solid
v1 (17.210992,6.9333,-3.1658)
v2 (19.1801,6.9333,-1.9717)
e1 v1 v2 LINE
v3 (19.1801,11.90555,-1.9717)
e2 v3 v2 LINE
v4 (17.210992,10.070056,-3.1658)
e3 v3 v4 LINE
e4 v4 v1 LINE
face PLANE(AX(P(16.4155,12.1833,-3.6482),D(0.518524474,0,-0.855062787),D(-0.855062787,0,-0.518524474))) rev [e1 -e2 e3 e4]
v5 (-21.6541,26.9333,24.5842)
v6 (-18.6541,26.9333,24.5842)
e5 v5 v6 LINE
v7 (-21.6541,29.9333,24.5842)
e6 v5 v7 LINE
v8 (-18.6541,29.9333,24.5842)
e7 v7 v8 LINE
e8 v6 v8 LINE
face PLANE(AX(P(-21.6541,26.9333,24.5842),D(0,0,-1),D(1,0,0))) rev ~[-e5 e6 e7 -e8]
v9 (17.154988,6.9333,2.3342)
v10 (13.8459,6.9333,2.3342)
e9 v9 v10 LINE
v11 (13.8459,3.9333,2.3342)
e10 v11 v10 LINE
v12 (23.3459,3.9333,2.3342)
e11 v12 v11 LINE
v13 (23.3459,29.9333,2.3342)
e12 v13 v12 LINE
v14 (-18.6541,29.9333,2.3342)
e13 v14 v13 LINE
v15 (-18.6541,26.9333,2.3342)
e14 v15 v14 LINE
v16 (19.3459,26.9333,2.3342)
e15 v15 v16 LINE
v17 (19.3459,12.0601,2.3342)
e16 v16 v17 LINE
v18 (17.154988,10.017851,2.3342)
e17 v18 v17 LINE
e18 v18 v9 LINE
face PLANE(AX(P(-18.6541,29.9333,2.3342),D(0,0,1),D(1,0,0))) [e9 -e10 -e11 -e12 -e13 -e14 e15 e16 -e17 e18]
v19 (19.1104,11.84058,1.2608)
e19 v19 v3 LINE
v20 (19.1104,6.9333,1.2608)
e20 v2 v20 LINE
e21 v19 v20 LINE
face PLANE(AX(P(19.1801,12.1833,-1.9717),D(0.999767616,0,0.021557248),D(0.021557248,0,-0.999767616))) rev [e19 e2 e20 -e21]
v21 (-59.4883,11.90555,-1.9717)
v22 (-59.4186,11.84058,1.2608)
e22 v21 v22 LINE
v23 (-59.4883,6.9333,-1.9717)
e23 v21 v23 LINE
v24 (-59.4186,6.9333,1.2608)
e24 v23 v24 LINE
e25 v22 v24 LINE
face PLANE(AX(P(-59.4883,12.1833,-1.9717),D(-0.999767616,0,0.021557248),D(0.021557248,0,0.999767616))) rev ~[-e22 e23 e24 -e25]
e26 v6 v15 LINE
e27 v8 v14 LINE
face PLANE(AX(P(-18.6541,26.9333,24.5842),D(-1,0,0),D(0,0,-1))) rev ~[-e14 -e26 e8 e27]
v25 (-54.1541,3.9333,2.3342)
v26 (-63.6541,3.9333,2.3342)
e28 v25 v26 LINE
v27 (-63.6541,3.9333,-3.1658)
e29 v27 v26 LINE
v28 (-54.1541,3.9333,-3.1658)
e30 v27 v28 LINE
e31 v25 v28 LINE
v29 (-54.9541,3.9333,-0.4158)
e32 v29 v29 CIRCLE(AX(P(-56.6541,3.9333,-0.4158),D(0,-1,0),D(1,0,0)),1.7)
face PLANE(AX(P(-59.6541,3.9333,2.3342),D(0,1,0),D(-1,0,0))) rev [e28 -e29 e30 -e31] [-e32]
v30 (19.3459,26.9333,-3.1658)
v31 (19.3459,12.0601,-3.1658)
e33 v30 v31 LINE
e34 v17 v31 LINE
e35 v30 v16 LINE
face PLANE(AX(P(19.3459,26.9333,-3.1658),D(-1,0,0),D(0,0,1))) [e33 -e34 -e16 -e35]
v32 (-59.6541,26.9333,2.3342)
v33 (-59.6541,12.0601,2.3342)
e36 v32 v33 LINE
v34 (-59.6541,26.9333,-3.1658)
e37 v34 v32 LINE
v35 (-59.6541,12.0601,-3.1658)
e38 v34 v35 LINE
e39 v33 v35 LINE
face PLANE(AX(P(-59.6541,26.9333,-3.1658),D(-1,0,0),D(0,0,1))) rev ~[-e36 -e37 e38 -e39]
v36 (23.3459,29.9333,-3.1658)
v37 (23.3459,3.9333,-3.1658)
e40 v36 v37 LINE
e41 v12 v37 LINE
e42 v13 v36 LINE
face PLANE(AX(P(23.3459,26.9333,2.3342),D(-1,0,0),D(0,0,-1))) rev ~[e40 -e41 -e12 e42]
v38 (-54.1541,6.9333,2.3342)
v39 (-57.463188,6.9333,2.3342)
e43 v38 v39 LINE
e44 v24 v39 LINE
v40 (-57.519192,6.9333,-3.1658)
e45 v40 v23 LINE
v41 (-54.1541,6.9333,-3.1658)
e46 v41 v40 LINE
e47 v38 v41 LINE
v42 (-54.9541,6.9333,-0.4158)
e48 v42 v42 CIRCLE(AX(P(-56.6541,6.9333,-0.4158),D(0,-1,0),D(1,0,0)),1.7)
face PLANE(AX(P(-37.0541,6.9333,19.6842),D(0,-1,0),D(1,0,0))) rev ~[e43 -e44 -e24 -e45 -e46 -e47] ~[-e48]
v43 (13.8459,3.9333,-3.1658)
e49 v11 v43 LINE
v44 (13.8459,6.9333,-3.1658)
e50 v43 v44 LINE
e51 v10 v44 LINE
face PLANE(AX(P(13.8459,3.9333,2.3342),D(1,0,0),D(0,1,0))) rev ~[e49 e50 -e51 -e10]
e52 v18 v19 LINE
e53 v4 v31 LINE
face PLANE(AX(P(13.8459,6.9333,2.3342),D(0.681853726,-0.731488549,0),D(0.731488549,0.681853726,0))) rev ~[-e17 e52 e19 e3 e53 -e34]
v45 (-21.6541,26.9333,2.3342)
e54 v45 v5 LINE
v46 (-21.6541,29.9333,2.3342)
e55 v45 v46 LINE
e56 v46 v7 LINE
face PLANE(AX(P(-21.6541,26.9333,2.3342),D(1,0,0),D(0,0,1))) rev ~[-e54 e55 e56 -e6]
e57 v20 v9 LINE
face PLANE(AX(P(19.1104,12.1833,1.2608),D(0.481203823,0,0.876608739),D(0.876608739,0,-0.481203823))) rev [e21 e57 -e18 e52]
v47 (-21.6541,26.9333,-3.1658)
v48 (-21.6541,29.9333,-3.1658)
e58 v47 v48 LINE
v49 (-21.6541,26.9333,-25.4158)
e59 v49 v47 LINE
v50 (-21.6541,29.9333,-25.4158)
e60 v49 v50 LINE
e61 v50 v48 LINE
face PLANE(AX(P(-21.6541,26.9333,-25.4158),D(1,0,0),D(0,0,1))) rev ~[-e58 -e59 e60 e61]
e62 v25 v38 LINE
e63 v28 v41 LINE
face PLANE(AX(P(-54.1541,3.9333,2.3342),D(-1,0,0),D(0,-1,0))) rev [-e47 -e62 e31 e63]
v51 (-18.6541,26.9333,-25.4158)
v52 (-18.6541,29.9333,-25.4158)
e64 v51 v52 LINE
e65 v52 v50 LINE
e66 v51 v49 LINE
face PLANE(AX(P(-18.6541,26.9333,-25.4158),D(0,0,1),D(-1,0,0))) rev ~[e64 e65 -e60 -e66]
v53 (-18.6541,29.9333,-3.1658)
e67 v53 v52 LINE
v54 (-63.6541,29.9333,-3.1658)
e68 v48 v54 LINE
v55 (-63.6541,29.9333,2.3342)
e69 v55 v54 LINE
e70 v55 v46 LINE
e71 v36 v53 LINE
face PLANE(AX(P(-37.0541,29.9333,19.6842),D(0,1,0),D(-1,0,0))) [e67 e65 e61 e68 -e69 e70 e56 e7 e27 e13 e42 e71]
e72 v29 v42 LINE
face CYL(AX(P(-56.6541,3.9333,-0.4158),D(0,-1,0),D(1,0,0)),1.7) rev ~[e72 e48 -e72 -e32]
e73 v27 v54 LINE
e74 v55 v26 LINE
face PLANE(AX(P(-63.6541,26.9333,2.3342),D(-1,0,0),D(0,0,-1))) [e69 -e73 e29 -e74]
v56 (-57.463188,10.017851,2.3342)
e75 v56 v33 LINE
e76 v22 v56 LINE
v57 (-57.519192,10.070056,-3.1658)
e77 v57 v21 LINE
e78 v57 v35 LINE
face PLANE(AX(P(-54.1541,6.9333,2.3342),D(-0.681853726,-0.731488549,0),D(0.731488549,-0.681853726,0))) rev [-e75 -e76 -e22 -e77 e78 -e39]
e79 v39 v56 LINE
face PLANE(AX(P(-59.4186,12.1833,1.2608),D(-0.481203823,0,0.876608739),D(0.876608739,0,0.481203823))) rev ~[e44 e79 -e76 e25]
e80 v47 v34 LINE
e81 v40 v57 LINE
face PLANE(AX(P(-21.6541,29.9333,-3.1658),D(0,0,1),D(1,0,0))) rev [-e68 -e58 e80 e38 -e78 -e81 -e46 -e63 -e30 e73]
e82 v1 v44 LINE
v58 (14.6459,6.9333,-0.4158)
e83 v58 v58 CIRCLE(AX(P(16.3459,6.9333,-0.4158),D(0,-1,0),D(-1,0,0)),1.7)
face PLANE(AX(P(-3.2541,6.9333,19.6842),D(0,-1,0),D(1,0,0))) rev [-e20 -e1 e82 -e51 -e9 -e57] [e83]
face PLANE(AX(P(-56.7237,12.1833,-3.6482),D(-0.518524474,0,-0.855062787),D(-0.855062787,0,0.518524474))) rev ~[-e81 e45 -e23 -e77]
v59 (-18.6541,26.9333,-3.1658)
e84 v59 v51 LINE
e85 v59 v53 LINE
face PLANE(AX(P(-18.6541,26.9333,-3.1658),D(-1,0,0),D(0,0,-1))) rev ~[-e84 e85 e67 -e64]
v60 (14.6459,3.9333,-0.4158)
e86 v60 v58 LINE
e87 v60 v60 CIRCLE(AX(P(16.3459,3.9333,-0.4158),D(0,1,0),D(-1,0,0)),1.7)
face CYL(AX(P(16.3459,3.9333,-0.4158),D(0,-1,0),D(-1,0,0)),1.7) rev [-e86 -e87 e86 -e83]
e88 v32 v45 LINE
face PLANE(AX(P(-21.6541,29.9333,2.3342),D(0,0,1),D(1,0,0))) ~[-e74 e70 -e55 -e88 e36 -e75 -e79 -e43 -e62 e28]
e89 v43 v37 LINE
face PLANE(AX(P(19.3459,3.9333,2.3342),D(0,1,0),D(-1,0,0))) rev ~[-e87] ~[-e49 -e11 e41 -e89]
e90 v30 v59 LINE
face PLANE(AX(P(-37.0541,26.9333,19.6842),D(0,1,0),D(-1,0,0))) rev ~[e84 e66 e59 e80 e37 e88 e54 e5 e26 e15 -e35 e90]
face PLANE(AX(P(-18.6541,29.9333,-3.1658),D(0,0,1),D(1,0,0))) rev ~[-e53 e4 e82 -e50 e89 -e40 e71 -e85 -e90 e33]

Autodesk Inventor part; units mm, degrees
ref_plane "YZ Plane" through (0, 0, 0) normal (1, 0, 0) x (0, 1, 0)
ref_plane "XZ Plane" through (0, 0, 0) normal (0, 1, 0) x (-1, 0, 0)
ref_plane "XY Plane" through (0, 0, 0) normal (0, 0, 1) x (1, 0, 0)
ref_plane "Work Plane1" through (-37.0541, 3.9333, 19.6842) normal (0, 1, 0) x (-1, 0, 0)
sketch "Sketch1" plane through (-37.0541, 3.9333, 19.6842) normal (0, 1, 0) x (-1, 0, 0)
  point P0 (-37.0541, -19.6842)
ref_plane "Work Plane2" through (-37.0541, 26.9333, 19.6842) normal (0, 1, 0) x (-1, 0, 0)
sketch "Sketch2" plane through (-37.0541, 26.9333, 19.6842) normal (0, 1, 0) x (-1, 0, 0)
  line L0 (-16.9, -6.2922) -> (-16.9, -34.5181) construction
  line L1 (-18.4, -45.1) -> (-15.4, -45.1)
  line L2 (-15.4, 4.9) -> (-18.4, 4.9)
  line L3 (-15.4, -45.1) -> (-16.9, -20.1) construction
  line L4 (-17.065, -17.35) -> (-18.4, 4.9) construction
  line L5 (26.6, -17.35) -> (-15.4, -17.35)
  line L6 (-16.735, -17.35) -> (-17.065, -17.35)
  line L7 (-18.4, -17.35) -> (-60.4, -17.35)
  line L8 (-18.4, 4.9) -> (-18.4, -17.35)
  line L9 (-18.4, -22.85) -> (-18.4, -45.1)
  line L10 (-15.4, -45.1) -> (-15.4, -22.85)
  line L11 (-15.4, -17.35) -> (-15.4, 4.9)
  line L12 (-15.4, -22.85) -> (26.6, -22.85)
  line L13 (-18.4, -45.1) -> (-17.065, -22.85) construction
  line L14 (-16.9, -20.1) -> (-15.4, 4.9) construction
  line L15 (-60.4, -22.85) -> (-18.4, -22.85)
  line L16 (-17.065, -22.85) -> (-16.735, -22.85)
  line L17 (-60.4, -17.35) -> (-60.4, -22.85)
  line L18 (26.6, -17.35) -> (26.6, -22.85)
  point P0 (-37.0541, -19.6842)
  point P1 (22.6, -17.35)
  point P2 (-56.4, -22.85)
  dimension "d3" = 3
  dimension "d4" = 50
  dimension "d5" = 42
  dimension "d6" = 42
extrude "Extrusion2" add sketch "Sketch2" along normal blind 3
sketch "Sketch3" plane through (-37.0541, 26.9333, 19.6842) normal (0, -1, 0) x (1, 0, 0)
  line L0 (60.4, -22.85) -> (18.4, -22.85) projected
  line L1 (18.4, -17.35) -> (60.4, -17.35) projected
  line L2 (60.4, -22.85) -> (56.4, -22.85)
  line L3 (56.4, -22.85) -> (56.4, -17.35)
  line L4 (56.4, -17.35) -> (60.4, -17.35)
  line L5 (60.4, -17.35) -> (60.4, -22.85)
  line L6 (-26.6, -22.85) -> (-26.6, -17.35) projected
  line L7 (-26.6, -17.35) -> (15.4, -17.35) projected
  line L8 (-26.6, -22.85) -> (-22.6, -22.85)
  line L9 (-22.6, -22.85) -> (-22.6, -17.35)
  line L10 (-22.6, -17.35) -> (-26.6, -17.35)
  line L11 (-26.6, -17.35) -> (-26.6, -22.85)
  point P0 (37.0541, -19.6842)
  dimension "d9" = 4
  dimension "d10" = 4
extrude "Extrusion3" add sketch "Sketch3" along normal blind 23
sketch "Sketch4" plane through (19.3459, 26.9333, -3.1658) normal (-1, 0, 0) x (0, 0, 1)
  line L0 (5.5, -23) -> (0, -23) projected
  line L1 (5.5, 0) -> (5.5, -23) projected
  line L2 (0, -23) -> (5.5, -23)
  line L3 (5.5, -23) -> (5.5, -19)
  line L4 (5.5, -19) -> (0, -19)
  line L5 (0, -19) -> (0, -23)
  point P0 (3.1658, -26.9333)
  dimension "d13" = 4
sketch "Sketch5" plane through (-18.6541, 29.9333, 2.3342) normal (0, 0, 1) x (1, 0, 0)
  line L0 (38, -3) -> (38, -26) projected
  line L1 (38, -26) -> (32.5, -26)
  line L2 (32.5, -26) -> (32.5, -23)
  line L3 (32.5, -23) -> (38, -17.8732)
  point P0 (18.6541, -29.9333)
  dimension "d14" = 5.5
  dimension "d15" = 3
extrude "Extrusion4" add sketch "Sketch5" against normal up to surface (5.5 mm away)
ref_plane "Work Plane3" through (-20.1541, 26.9333, 2.3342) normal (1, 0, 0) x (0, 0, -1)
mirror "Mirror1" about plane through (-20.1541, 26.9333, 2.3342) normal (1, 0, 0) of "Extrusion4"
ref_plane "Work Plane4" through (-37.0541, 12.1833, 19.6842) normal (0, -1, 0) x (1, 0, 0)
sketch "Sketch6" plane through (-37.0541, 12.1833, 19.6842) normal (0, -1, 0) x (1, 0, 0)
  circle A0 centre (53.4, -20.1) radius 1.7 projected
  circle A1 centre (-19.6, -20.1) radius 1.7 projected
  line L0 (-16.8355, -21.7765) -> (-19.6696, -23.3324)
  line L1 (-19.6696, -23.3324) -> (-22.4342, -21.6559)
  line L2 (-22.4342, -21.6559) -> (-22.3645, -18.4234)
  line L3 (-22.3645, -18.4234) -> (-19.5303, -16.8676)
  line L4 (-19.5303, -16.8676) -> (-16.7658, -18.5441)
  line L5 (-16.7658, -18.5441) -> (-16.8355, -21.7765)
  line L6 (-19.6696, -23.3324) -> (-15.5487, -23.3324)
  line L7 (-15.5487, -23.3324) -> (-15.5487, -16.0828)
  line L8 (-15.5487, -16.0828) -> (-19.5303, -16.8676)
  point P0 (37.0541, -19.6842)
  dimension "d19" = 5.6
extrude "Extrusion5" cut sketch "Sketch6" along normal blind 5.25 contours A1 | L5 L4 L8 L7 L6 L0 | L0 L1 L2 L3 L4 L5
sketch "Sketch7" plane through (-37.0541, 3.9333, 19.6842) normal (0, -1, 0) x (1, 0, 0)
  circle A0 centre (-19.6, -20.1) radius 1.7 projected
  point P0 (37.0541, -19.6842)
extrude "Extrusion6" cut sketch "Sketch7" against normal blind 6.25
mirror "Mirror2" about plane through (-20.1541, 26.9333, 2.3342) normal (1, 0, 0) of "Extrusion5", "Extrusion6"
properties part number "tec_holder_part2"
